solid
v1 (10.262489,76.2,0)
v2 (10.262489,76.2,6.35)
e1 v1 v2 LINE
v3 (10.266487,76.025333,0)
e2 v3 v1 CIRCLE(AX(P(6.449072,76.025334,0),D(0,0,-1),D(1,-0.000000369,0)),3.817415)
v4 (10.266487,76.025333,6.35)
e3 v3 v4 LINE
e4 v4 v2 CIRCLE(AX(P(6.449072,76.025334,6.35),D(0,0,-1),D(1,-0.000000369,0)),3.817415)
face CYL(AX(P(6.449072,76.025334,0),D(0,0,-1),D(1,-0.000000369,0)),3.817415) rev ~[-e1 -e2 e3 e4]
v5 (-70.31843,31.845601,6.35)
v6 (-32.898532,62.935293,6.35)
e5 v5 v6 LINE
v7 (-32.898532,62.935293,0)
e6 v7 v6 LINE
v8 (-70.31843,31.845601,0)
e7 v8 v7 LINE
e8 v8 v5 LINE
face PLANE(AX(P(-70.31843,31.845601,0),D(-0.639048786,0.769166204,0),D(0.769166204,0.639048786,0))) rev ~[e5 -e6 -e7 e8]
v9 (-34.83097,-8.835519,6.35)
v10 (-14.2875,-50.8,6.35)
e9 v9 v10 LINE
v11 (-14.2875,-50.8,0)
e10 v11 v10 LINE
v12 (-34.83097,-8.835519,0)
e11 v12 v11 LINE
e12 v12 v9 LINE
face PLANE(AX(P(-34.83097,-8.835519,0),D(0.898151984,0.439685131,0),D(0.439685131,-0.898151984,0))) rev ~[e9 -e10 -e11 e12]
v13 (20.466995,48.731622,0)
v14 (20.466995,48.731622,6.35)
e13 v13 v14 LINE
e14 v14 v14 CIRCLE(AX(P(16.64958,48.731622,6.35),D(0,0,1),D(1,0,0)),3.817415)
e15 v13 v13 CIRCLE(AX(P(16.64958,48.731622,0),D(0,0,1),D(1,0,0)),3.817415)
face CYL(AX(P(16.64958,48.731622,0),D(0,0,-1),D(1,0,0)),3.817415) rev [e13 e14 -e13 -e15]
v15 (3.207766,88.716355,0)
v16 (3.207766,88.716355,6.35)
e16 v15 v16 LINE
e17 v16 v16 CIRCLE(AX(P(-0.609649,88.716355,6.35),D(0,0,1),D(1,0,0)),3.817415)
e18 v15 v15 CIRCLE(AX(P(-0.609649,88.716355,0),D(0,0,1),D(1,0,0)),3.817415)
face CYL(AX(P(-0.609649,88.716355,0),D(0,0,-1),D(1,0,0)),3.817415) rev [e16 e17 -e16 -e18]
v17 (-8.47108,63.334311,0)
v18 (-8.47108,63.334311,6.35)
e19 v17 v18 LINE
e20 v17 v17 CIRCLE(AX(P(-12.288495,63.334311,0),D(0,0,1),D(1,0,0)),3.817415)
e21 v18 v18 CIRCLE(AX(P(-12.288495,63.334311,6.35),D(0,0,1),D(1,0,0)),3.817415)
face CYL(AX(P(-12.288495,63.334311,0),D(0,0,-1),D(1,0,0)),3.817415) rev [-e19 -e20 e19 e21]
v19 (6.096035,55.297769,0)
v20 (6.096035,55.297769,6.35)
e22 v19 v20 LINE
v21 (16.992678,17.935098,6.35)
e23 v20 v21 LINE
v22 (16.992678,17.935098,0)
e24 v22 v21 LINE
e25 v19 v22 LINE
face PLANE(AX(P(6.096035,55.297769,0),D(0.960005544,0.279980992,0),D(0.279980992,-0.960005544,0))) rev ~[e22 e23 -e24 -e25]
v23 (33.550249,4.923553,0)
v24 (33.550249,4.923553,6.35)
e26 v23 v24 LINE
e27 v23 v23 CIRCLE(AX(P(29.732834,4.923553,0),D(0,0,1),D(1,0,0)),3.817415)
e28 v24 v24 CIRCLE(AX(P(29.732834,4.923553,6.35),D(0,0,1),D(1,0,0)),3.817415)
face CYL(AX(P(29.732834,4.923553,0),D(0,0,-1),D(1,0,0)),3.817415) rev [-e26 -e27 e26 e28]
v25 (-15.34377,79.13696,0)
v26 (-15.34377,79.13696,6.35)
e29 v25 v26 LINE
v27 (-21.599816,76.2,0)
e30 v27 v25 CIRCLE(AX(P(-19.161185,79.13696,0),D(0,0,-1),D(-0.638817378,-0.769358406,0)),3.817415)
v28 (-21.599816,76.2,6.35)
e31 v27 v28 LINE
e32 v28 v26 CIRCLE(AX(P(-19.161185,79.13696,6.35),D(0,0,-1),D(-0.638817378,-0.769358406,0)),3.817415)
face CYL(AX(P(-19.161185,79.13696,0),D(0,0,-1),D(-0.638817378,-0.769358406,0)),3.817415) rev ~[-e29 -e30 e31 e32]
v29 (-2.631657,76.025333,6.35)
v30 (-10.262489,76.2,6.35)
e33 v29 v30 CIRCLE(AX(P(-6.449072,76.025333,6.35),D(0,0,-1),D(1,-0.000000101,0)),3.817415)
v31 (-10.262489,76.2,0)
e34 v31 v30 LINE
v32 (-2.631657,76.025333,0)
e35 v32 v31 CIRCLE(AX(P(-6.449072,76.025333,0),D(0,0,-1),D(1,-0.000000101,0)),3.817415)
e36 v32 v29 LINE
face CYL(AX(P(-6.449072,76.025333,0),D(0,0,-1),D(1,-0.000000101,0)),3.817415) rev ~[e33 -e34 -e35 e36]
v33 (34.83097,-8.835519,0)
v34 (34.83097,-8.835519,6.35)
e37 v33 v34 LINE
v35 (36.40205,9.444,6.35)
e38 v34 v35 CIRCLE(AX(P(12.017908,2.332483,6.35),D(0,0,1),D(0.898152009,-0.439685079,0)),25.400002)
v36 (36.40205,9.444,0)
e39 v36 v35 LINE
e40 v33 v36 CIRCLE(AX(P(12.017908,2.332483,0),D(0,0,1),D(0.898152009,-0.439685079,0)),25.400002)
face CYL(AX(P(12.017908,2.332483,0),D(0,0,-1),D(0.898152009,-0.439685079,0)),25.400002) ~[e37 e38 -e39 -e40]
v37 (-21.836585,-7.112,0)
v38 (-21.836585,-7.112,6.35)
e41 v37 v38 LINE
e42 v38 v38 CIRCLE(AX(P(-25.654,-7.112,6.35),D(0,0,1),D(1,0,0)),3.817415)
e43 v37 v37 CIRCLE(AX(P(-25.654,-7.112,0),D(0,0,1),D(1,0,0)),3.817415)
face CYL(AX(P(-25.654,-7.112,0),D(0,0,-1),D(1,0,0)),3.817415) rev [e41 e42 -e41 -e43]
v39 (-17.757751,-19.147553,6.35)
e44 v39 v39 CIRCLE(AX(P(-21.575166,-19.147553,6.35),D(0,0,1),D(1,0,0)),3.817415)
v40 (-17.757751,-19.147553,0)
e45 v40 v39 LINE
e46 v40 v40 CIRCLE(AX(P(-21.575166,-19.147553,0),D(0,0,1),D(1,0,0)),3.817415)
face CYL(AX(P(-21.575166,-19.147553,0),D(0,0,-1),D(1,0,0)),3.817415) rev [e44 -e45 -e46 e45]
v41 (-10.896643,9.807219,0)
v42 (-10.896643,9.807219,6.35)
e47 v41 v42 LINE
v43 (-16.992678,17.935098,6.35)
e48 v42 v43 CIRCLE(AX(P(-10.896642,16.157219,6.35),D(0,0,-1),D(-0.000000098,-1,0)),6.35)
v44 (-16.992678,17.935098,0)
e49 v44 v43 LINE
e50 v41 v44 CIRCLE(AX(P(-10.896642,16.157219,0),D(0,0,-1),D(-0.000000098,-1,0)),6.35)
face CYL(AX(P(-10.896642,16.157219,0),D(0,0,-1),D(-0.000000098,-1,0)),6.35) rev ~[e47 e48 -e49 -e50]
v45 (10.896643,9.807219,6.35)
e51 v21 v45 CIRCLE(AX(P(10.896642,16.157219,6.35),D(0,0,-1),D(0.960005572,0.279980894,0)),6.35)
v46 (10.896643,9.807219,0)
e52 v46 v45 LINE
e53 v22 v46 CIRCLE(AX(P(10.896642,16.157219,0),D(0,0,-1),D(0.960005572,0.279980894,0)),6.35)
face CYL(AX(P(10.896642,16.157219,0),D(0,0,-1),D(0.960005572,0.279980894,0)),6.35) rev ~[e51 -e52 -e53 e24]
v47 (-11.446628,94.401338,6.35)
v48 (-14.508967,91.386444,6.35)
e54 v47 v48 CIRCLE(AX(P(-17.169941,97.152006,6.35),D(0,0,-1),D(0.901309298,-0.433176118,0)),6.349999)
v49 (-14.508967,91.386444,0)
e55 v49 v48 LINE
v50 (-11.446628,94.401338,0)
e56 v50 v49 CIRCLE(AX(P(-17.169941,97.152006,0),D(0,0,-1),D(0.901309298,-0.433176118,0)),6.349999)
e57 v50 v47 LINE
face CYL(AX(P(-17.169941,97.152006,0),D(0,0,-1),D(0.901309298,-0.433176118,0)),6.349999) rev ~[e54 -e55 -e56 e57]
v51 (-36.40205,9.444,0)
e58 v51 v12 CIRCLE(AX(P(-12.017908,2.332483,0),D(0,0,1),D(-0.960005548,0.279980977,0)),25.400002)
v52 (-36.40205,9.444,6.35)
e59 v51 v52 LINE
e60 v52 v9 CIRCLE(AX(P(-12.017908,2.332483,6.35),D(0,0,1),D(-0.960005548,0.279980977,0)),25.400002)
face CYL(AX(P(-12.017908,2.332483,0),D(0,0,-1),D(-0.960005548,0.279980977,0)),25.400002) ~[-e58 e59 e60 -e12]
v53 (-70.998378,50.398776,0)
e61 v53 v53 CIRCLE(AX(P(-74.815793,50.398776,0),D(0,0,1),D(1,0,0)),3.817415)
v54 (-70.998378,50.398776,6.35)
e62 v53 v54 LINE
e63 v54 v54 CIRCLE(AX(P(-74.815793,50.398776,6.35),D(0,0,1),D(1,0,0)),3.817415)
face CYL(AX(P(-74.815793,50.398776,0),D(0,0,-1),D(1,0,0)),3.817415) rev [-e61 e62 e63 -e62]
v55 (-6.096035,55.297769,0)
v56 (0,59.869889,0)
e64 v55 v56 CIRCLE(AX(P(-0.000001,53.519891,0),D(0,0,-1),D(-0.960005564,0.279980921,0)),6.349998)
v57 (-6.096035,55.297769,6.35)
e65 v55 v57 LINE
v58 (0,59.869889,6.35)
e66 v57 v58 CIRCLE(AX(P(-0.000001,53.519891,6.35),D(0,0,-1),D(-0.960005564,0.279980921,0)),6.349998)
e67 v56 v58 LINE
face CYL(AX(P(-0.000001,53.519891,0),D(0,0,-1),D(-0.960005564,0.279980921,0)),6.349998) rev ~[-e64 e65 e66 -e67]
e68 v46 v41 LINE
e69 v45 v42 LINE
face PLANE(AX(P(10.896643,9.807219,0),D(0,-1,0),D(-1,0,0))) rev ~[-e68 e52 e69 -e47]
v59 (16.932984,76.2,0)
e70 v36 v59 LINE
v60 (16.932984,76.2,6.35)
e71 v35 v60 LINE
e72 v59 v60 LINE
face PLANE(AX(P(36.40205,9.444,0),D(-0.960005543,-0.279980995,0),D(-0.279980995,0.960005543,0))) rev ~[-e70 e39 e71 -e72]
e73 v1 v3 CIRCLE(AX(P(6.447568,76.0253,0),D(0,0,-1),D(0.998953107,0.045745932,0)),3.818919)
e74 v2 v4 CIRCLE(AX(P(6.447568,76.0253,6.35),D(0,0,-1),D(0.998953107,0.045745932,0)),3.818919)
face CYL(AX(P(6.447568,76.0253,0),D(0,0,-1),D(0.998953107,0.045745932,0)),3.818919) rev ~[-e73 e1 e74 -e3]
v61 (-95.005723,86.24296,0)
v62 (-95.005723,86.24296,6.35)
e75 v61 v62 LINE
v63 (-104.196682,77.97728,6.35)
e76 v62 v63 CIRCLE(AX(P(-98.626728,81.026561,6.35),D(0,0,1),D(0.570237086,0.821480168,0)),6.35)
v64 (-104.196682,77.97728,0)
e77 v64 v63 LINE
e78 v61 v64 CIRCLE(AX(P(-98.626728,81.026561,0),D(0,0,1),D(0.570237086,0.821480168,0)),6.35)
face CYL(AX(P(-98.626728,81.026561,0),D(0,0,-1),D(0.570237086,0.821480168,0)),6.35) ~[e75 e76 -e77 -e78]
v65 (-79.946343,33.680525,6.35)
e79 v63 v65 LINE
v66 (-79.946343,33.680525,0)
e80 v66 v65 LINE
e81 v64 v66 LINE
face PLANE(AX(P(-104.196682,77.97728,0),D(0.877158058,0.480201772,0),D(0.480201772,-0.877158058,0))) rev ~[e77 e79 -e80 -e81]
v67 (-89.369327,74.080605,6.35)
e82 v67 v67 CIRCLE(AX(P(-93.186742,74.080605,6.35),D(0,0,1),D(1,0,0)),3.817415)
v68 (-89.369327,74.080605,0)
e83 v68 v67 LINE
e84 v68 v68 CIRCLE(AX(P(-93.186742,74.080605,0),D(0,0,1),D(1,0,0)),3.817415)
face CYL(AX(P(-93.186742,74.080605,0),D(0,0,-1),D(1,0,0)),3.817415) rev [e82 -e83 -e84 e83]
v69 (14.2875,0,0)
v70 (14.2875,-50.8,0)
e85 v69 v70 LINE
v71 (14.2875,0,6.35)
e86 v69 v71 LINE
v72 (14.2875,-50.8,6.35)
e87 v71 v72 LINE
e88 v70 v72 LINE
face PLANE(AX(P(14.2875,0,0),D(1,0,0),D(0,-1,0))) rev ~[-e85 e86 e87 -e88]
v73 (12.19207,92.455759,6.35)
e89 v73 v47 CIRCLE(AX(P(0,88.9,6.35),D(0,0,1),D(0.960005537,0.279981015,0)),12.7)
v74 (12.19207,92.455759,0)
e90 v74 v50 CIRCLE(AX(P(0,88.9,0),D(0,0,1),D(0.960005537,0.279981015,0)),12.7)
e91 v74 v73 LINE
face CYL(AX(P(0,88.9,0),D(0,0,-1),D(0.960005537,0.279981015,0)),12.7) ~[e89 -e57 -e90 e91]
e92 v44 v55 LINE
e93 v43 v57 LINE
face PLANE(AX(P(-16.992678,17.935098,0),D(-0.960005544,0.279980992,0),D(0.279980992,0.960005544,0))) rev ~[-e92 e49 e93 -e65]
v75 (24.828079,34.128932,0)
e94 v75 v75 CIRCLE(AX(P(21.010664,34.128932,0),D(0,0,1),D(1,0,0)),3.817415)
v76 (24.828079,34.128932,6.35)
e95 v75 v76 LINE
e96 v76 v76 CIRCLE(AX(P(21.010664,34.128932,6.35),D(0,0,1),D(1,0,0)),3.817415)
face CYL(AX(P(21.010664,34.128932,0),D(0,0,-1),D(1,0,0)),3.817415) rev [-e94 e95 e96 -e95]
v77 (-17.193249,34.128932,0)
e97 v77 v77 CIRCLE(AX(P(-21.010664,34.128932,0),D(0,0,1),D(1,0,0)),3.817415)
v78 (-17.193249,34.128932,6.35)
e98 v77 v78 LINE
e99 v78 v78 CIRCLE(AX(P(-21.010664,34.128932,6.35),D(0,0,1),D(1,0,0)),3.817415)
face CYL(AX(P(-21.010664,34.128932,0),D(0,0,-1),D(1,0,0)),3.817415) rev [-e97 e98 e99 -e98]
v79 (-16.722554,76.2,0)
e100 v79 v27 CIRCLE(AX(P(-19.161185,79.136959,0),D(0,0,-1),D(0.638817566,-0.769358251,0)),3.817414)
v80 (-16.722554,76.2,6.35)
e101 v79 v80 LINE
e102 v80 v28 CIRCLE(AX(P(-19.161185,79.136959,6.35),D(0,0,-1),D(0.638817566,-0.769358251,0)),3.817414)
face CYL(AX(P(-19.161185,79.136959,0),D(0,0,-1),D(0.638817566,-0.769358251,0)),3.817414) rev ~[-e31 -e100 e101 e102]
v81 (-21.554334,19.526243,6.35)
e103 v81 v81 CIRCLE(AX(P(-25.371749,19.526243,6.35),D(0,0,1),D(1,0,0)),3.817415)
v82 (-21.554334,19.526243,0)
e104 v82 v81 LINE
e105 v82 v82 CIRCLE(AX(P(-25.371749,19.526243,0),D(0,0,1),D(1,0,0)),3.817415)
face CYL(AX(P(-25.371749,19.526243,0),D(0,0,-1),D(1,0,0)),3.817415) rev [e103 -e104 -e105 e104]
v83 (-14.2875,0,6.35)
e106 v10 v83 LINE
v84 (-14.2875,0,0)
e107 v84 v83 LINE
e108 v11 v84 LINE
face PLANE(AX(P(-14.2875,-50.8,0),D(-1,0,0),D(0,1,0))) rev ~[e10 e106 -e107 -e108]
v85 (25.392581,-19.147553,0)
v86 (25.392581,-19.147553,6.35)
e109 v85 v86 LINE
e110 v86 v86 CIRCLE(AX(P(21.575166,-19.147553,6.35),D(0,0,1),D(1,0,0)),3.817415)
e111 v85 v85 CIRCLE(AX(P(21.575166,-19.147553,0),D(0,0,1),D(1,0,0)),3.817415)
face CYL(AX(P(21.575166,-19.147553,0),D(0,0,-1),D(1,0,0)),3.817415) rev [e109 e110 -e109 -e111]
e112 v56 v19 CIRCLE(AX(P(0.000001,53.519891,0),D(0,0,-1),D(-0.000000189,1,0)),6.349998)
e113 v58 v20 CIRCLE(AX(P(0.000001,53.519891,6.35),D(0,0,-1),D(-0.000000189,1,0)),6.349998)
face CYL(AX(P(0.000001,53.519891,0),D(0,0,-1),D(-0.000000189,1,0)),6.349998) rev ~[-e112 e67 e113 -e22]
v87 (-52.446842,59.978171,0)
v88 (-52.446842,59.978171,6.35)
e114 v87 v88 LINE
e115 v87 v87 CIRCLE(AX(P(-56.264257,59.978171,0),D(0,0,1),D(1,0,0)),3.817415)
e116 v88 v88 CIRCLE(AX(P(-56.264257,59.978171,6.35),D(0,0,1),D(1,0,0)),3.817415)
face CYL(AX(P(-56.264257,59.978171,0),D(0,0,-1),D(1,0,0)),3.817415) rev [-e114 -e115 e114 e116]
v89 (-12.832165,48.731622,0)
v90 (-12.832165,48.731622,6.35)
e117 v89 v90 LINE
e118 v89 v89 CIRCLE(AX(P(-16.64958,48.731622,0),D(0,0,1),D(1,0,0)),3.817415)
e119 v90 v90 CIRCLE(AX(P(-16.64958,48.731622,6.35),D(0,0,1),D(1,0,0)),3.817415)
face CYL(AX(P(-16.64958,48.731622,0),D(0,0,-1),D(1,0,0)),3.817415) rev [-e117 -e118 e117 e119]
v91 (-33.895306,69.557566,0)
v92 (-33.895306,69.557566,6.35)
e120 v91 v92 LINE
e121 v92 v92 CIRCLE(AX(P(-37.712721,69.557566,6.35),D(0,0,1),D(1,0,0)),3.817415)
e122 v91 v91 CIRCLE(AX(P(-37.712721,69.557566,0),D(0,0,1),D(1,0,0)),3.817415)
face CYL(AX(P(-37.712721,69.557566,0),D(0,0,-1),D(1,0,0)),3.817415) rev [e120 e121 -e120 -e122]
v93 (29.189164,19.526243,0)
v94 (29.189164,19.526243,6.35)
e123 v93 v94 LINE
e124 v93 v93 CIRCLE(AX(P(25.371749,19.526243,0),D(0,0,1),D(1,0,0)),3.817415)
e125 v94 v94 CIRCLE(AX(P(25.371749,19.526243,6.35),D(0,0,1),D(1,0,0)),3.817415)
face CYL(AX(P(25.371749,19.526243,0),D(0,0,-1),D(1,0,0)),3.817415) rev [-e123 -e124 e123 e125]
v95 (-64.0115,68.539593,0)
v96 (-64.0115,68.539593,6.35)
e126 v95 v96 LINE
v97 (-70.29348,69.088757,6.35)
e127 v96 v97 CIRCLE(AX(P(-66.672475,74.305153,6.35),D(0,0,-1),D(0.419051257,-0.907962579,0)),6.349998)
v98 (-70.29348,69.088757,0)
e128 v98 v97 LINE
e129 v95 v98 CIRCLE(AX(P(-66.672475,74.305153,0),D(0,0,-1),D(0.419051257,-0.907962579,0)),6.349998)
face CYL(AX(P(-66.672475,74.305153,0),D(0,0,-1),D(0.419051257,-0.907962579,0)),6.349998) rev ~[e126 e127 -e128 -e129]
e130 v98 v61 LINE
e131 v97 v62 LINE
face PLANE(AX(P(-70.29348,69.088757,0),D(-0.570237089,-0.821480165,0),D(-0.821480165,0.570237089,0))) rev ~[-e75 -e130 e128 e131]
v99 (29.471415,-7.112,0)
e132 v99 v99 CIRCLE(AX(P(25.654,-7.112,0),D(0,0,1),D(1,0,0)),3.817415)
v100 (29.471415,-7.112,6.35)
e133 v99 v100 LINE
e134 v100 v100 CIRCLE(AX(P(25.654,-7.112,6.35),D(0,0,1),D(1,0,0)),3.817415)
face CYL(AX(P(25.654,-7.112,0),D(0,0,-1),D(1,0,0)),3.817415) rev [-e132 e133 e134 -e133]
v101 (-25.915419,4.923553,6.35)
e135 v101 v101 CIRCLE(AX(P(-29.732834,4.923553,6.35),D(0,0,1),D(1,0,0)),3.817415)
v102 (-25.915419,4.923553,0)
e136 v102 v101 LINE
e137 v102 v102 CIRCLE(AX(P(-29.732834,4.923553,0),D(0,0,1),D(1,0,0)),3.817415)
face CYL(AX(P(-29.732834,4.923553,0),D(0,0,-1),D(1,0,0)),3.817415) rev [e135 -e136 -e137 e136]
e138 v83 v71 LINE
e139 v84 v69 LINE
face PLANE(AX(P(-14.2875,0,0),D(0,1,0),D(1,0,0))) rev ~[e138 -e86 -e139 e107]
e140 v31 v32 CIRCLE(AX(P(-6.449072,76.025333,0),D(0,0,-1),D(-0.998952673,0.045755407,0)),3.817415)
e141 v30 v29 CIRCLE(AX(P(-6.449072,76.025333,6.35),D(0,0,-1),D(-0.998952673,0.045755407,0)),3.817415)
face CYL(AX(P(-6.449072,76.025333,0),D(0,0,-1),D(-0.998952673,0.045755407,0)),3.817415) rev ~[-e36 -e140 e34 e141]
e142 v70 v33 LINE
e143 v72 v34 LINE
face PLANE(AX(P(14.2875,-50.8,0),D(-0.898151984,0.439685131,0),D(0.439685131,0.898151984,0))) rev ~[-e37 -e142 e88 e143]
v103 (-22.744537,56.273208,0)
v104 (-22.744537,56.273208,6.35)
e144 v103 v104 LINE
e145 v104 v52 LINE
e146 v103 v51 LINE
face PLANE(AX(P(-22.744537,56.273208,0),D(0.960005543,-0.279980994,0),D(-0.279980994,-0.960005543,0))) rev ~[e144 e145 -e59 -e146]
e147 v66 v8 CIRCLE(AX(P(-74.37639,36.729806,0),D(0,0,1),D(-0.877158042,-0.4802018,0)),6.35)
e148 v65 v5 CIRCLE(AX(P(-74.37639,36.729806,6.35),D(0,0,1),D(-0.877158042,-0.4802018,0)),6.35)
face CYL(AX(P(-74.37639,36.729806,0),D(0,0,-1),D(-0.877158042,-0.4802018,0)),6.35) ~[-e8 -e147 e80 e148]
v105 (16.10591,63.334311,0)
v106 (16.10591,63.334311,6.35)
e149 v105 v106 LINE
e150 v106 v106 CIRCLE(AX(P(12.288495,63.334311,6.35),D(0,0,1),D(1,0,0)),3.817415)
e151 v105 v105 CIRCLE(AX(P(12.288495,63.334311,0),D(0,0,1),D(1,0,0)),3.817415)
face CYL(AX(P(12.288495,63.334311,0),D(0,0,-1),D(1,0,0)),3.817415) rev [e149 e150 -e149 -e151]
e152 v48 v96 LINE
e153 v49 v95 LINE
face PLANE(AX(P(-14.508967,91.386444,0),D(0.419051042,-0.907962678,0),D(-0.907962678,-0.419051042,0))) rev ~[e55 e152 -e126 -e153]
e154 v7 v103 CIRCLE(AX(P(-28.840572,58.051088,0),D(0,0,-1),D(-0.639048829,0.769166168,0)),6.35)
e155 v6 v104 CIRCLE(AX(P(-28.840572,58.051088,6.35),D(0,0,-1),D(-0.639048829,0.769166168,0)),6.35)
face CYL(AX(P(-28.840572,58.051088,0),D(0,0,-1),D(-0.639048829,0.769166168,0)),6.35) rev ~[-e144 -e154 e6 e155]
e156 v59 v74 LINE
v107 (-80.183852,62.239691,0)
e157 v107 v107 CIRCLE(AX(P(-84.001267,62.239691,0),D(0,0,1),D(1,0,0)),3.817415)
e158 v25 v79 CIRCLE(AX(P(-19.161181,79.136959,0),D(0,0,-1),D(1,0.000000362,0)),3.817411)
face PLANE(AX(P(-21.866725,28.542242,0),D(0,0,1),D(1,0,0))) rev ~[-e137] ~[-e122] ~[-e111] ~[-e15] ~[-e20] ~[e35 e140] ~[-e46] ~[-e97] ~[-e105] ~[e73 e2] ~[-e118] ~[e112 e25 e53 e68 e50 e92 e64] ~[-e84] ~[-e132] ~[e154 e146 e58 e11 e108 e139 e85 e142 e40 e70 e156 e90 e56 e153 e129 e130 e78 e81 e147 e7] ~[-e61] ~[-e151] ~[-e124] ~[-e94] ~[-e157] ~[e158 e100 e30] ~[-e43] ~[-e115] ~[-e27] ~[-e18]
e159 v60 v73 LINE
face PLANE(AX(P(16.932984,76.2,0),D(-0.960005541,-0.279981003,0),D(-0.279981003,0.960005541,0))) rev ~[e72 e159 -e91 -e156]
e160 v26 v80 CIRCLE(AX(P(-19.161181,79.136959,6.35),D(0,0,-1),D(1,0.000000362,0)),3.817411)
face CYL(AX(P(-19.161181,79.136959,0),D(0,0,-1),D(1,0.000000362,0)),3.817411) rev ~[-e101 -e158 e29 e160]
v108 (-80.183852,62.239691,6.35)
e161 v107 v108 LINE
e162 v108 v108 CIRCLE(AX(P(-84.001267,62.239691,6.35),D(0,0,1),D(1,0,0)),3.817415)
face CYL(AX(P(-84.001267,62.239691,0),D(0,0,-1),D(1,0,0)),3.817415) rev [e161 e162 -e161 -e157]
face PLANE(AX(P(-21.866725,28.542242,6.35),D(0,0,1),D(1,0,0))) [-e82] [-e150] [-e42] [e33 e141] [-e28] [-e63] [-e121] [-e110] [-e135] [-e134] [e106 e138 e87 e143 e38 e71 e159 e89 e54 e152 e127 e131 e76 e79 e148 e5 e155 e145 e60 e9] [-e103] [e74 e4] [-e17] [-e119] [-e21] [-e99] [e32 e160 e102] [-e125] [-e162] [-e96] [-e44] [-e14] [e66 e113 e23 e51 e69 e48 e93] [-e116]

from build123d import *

# Parameters (mm, degrees)
F0_R     = 3.817415
F1_DEPTH = 6.35


with BuildPart() as f1:
    # F0 (on Top) → F1 (new body)
    with BuildSketch(Plane.XY):
        with BuildLine():
            Line((0, 0), (14.2875, 0))
            Line((14.2875, 0), (14.2875, -50.8))
            Line((14.2875, -50.8), (34.83097, -8.835519))
            ThreePointArc((34.83097, -8.835519), (37.324611, 0.157433), (36.40205, 9.444))
            Line((36.40205, 9.444), (16.932984, 76.2))
            Line((16.932984, 76.2), (12.19207, 92.455759))
            ThreePointArc((12.19207, 92.455759), (1.041749, 101.557202), (-11.446628, 94.401338))
            ThreePointArc((-11.446628, 94.401338), (-12.715004, 92.626962), (-14.508967, 91.386444))
            Line((-14.508967, 91.386444), (-64.0115, 68.539593))
            ThreePointArc((-64.0115, 68.539593), (-67.225476, 67.979281), (-70.29348, 69.088757))
            Line((-70.29348, 69.088757), (-95.005723, 86.24296))
            ThreePointArc((-95.005723, 86.24296), (-102.872899, 85.748058), (-104.196682, 77.97728))
            Line((-104.196682, 77.97728), (-79.946343, 33.680525))
            ThreePointArc((-79.946343, 33.680525), (-75.565199, 30.49208), (-70.31843, 31.845601))
            Line((-70.31843, 31.845601), (-32.898532, 62.935293))
            ThreePointArc((-32.898532, 62.935293), (-25.357143, 63.360346), (-22.744537, 56.273208))
            Line((-22.744537, 56.273208), (-36.40205, 9.444))
            ThreePointArc((-36.40205, 9.444), (-37.324611, 0.157433), (-34.83097, -8.835519))
            Line((-34.83097, -8.835519), (-14.2875, -50.8))
            Line((-14.2875, -50.8), (-14.2875, 0))
            Line((-14.2875, 0), (0, 0))
        make_face()
        with Locations((-21.575166, -19.147553)):
            Circle(F0_R, mode=Mode.SUBTRACT)
        with Locations((21.575166, -19.147553)):
            Circle(F0_R, mode=Mode.SUBTRACT)
        with Locations((-25.654, -7.112)):
            Circle(F0_R, mode=Mode.SUBTRACT)
        with Locations((-29.732834, 4.923553)):
            Circle(F0_R, mode=Mode.SUBTRACT)
        with Locations((-25.371749, 19.526243)):
            Circle(F0_R, mode=Mode.SUBTRACT)
        with Locations((25.654, -7.112)):
            Circle(F0_R, mode=Mode.SUBTRACT)
        with Locations((29.732834, 4.923553)):
            Circle(F0_R, mode=Mode.SUBTRACT)
        with Locations((25.371749, 19.526243)):
            Circle(F0_R, mode=Mode.SUBTRACT)
        with Locations((-74.815793, 50.398776)):
            Circle(F0_R, mode=Mode.SUBTRACT)
        with Locations((-84.001267, 62.239691)):
            Circle(F0_R, mode=Mode.SUBTRACT)
        with Locations((-56.264257, 59.978171)):
            Circle(F0_R, mode=Mode.SUBTRACT)
        with Locations((-93.186742, 74.080605)):
            Circle(F0_R, mode=Mode.SUBTRACT)
        with Locations((-37.712721, 69.557566)):
            Circle(F0_R, mode=Mode.SUBTRACT)
        with Locations((-21.010664, 34.128932)):
            Circle(F0_R, mode=Mode.SUBTRACT)
        with BuildLine():
            Line((10.896643, 9.807219), (0, 9.807219))
            Line((0, 9.807219), (-10.896643, 9.807219))
            ThreePointArc((-10.896643, 9.807219), (-15.976605, 12.347169), (-16.992678, 17.935098))
            Line((-16.992678, 17.935098), (-6.096035, 55.297769))
            ThreePointArc((-6.096035, 55.297769), (-3.81005, 58.599852), (0, 59.869889))
            ThreePointArc((0, 59.869889), (3.81005, 58.599852), (6.096035, 55.297769))
            Line((6.096035, 55.297769), (16.992678, 17.935098))
            ThreePointArc((16.992678, 17.935098), (15.976605, 12.347169), (10.896643, 9.807219))
        make_face(mode=Mode.SUBTRACT)
        with Locations((-16.64958, 48.731622)):
            Circle(F0_R, mode=Mode.SUBTRACT)
        with Locations((-12.288495, 63.334311)):
            Circle(F0_R, mode=Mode.SUBTRACT)
        with Locations((21.010664, 34.128932)):
            Circle(F0_R, mode=Mode.SUBTRACT)
        with Locations((16.64958, 48.731622)):
            Circle(F0_R, mode=Mode.SUBTRACT)
        with Locations((12.288495, 63.334311)):
            Circle(F0_R, mode=Mode.SUBTRACT)
        with BuildLine():
            ThreePointArc((-15.34377, 79.13696), (-15.705615, 77.51471), (-16.722554, 76.2))
            ThreePointArc((-16.722554, 76.2), (-19.161185, 75.319545), (-21.599816, 76.2))
            ThreePointArc((-21.599816, 76.2), (-20.783435, 82.59253), (-15.34377, 79.13696))
        make_face(mode=Mode.SUBTRACT)
        with BuildLine():
            ThreePointArc((-2.631657, 76.025333), (-6.536428, 72.208918), (-10.262489, 76.2))
            ThreePointArc((-10.262489, 76.2), (-6.361715, 79.841748), (-2.631657, 76.025333))
        make_face(mode=Mode.SUBTRACT)
        with Locations((-0.609649, 88.716355)):
            Circle(F0_R, mode=Mode.SUBTRACT)
        with BuildLine():
            ThreePointArc((10.266487, 76.025333), (2.632656, 75.937977), (10.262489, 76.2))
            ThreePointArc((10.262489, 76.2), (10.265487, 76.112689), (10.266487, 76.025333))
        make_face(mode=Mode.SUBTRACT)
    extrude(amount=F1_DEPTH)


solid = f1.part
